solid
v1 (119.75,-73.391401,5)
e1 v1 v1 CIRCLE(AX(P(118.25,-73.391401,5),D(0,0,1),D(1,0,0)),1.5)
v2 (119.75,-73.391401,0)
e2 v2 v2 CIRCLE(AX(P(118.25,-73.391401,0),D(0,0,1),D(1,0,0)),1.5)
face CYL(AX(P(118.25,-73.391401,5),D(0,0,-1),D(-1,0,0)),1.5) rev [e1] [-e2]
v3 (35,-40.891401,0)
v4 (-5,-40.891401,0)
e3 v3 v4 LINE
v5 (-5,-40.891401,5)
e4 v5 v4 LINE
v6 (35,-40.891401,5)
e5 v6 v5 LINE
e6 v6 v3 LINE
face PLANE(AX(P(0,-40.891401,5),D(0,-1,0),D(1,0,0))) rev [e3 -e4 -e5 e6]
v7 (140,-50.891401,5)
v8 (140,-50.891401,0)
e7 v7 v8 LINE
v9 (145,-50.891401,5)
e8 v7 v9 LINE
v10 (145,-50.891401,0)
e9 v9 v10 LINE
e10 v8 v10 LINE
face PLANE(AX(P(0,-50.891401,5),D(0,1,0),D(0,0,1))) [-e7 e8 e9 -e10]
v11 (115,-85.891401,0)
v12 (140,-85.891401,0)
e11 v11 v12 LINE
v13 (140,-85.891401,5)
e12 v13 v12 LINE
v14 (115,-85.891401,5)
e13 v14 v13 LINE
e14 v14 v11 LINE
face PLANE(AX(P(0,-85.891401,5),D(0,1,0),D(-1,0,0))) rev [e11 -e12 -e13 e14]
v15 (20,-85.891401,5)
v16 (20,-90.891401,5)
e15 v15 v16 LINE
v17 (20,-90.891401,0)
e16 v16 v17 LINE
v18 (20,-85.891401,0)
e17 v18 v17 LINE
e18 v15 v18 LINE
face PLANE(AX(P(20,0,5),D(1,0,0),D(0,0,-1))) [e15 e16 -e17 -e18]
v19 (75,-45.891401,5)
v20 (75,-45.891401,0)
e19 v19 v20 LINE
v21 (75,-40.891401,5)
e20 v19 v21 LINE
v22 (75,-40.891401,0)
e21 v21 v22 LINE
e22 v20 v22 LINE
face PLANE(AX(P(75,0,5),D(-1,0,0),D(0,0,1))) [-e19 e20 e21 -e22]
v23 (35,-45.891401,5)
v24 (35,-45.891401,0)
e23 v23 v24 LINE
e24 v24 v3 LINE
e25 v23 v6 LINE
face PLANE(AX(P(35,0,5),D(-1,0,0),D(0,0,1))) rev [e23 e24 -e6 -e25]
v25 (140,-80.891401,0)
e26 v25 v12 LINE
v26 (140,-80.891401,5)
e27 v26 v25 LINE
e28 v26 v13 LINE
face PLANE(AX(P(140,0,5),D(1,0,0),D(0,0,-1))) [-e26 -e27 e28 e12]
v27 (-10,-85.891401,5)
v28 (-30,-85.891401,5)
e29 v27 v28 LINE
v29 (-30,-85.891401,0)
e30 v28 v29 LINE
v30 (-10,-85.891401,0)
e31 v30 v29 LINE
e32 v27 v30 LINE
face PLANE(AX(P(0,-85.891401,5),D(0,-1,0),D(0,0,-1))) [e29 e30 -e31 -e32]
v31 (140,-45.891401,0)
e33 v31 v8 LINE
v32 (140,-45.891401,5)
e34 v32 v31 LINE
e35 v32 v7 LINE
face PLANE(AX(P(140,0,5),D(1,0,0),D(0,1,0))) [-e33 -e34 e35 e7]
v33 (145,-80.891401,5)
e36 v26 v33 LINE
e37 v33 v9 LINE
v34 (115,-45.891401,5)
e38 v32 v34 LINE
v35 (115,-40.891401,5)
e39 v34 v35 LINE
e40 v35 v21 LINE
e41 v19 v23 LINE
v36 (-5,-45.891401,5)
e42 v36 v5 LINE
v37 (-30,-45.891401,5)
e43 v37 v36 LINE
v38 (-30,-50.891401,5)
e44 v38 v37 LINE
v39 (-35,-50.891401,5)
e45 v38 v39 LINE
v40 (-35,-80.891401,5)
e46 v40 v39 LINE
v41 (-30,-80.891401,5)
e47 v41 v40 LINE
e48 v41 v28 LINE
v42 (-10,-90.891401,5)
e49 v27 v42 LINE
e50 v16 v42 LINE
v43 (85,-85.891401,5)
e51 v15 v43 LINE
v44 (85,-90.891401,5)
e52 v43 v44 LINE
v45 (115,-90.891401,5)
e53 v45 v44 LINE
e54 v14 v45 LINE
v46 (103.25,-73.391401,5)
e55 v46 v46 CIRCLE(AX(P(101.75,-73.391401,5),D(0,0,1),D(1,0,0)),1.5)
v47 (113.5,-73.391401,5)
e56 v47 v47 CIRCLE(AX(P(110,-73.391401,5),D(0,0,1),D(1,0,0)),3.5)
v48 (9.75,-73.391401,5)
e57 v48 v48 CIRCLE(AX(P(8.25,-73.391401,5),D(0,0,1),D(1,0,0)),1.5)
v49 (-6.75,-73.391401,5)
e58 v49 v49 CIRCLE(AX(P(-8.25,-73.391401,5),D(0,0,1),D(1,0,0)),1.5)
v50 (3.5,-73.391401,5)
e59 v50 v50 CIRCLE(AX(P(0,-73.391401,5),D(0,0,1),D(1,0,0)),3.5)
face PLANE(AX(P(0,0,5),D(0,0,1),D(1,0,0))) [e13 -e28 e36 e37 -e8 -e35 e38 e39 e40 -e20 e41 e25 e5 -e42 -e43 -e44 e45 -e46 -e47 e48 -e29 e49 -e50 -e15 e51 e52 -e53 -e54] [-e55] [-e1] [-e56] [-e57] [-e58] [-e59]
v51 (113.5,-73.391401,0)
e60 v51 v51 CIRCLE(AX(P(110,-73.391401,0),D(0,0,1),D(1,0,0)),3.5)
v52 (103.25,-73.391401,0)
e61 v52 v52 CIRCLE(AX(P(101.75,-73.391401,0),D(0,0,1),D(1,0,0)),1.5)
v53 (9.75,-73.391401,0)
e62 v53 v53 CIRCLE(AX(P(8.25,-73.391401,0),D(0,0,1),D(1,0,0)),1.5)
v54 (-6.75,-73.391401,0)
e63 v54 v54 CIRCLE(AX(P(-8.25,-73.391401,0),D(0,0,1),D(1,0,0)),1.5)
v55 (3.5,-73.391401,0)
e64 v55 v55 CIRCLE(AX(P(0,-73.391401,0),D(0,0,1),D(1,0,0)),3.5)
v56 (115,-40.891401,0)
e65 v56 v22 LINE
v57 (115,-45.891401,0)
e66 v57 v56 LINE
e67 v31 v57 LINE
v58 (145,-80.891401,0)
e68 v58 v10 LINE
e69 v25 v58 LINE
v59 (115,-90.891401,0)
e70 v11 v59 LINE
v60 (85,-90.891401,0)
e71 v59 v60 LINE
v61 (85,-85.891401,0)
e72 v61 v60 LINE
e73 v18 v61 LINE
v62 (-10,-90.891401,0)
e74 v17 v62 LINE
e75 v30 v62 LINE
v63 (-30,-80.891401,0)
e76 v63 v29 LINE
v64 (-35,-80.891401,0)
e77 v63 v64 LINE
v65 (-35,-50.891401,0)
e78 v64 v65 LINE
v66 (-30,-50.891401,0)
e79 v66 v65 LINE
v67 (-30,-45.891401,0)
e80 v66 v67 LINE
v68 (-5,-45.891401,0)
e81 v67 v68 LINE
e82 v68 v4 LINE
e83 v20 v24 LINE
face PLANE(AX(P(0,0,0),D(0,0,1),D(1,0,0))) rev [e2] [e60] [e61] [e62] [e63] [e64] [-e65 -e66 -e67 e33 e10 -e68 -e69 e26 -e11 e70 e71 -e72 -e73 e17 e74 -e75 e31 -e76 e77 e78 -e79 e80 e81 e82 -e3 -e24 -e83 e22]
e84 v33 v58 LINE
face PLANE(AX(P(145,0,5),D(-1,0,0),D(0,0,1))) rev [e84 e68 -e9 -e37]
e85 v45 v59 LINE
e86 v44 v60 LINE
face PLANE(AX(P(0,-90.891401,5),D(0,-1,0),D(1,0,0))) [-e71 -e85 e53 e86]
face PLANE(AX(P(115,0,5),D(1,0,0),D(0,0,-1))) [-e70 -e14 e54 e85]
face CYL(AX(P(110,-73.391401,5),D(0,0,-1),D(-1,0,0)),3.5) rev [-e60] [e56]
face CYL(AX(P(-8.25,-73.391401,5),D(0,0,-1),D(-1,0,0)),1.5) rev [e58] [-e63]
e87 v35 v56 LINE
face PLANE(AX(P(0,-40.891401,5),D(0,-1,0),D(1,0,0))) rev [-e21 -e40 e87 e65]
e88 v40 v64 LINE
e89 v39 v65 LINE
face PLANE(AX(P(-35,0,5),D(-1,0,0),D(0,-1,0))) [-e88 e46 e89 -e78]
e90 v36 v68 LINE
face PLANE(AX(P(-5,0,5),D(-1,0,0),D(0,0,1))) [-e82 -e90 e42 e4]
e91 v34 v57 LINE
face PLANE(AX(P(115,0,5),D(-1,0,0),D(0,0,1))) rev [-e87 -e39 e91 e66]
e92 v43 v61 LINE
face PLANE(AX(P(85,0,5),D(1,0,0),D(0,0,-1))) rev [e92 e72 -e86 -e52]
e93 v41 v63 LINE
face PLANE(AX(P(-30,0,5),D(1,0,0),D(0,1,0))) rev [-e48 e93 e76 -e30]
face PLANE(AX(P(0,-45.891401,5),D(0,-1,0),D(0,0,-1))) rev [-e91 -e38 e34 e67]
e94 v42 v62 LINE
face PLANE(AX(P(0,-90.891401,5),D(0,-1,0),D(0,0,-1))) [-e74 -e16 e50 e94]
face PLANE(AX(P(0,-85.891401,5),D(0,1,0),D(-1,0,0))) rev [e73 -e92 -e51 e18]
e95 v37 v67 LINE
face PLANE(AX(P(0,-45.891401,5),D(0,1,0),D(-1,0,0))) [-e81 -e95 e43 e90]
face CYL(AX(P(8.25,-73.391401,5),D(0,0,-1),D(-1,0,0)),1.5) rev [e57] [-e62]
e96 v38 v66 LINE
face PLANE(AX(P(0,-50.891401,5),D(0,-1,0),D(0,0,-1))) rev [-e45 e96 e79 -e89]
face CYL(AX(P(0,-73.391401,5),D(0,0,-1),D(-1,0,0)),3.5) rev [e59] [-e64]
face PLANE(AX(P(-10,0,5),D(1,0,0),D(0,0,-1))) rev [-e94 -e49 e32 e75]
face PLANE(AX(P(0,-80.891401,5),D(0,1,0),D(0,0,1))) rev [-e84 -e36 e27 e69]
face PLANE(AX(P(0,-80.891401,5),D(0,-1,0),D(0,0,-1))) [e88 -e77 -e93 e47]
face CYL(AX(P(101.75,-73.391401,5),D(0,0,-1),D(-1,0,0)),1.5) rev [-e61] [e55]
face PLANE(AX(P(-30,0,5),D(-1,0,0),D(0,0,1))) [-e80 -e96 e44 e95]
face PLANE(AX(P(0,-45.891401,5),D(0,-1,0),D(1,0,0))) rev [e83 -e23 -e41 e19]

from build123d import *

# Parameters (mm, degrees)
SKETCH1_R           = 1.5
BOSS_EXTRUDE1_DEPTH = 5


with BuildPart() as part:
    # Sketch1 → Boss-Extrude1 (new body)
    # profile 1 of 2: a face of its own
    with BuildSketch(Plane.XY):
        Polygon((-30, -45.891400943), (-30, -50.891400943), (-35, -50.891400943), (-35, -80.891400943), (-30, -80.891400943), (-30, -85.891400943), (-14, -85.891400943), (-10, -85.891400943), (-10, -90.891400943), (20, -90.891400943), (20, -85.891400943), (85, -85.891400943), (110, -85.891400943), (115, -85.891400943), (140, -85.891400943), (140, -80.891400943), (145, -80.891400943), (145, -50.891400943), (140, -50.891400943), (140, -45.891400943), (115, -45.891400943), (115, -40.891400943), (75, -40.891400943), (75, -45.891400943), (35, -45.891400943), (35, -40.891400943), (-5, -40.891400943), (-5, -45.891400943), align=None)
        with Locations((-8.25, -73.391400943)):
            Circle(SKETCH1_R, mode=Mode.SUBTRACT)
        with BuildLine():
            ThreePointArc((3.5, -73.391400943), (2.474873734, -75.866274677), (0, -76.891400943))
            ThreePointArc((0, -76.891400943), (-2.474873734, -75.866274677), (-3.5, -73.391400943))
            ThreePointArc((-3.5, -73.391400943), (0, -69.891400943), (3.5, -73.391400943))
        make_face(mode=Mode.SUBTRACT)
        with BuildLine():
            ThreePointArc((9.75, -73.391400943), (8.25, -74.891400943), (6.75, -73.391400943))
            ThreePointArc((6.75, -73.391400943), (8.25, -71.891400943), (9.75, -73.391400943))
        make_face(mode=Mode.SUBTRACT)
        with Locations((101.75, -73.391400943)):
            Circle(SKETCH1_R, mode=Mode.SUBTRACT)
        with BuildLine():
            ThreePointArc((113.5, -73.391400943), (112.474873734, -75.866274677), (110, -76.891400943))
            ThreePointArc((110, -76.891400943), (107.525126266, -75.866274677), (106.5, -73.391400943))
            ThreePointArc((106.5, -73.391400943), (110, -69.891400943), (113.5, -73.391400943))
        make_face(mode=Mode.SUBTRACT)
        with BuildLine():
            ThreePointArc((119.75, -73.391400943), (118.25, -74.891400943), (116.75, -73.391400943))
            ThreePointArc((116.75, -73.391400943), (118.25, -71.891400943), (119.75, -73.391400943))
        make_face(mode=Mode.SUBTRACT)
    # profile 2 of 2: a face of its own
    with BuildSketch(Plane.XY):
        Polygon((110, -85.891400943), (85, -85.891400943), (85, -90.891400943), (115, -90.891400943), (115, -85.891400943), align=None)
    extrude(amount=BOSS_EXTRUDE1_DEPTH)


solid = part.part
